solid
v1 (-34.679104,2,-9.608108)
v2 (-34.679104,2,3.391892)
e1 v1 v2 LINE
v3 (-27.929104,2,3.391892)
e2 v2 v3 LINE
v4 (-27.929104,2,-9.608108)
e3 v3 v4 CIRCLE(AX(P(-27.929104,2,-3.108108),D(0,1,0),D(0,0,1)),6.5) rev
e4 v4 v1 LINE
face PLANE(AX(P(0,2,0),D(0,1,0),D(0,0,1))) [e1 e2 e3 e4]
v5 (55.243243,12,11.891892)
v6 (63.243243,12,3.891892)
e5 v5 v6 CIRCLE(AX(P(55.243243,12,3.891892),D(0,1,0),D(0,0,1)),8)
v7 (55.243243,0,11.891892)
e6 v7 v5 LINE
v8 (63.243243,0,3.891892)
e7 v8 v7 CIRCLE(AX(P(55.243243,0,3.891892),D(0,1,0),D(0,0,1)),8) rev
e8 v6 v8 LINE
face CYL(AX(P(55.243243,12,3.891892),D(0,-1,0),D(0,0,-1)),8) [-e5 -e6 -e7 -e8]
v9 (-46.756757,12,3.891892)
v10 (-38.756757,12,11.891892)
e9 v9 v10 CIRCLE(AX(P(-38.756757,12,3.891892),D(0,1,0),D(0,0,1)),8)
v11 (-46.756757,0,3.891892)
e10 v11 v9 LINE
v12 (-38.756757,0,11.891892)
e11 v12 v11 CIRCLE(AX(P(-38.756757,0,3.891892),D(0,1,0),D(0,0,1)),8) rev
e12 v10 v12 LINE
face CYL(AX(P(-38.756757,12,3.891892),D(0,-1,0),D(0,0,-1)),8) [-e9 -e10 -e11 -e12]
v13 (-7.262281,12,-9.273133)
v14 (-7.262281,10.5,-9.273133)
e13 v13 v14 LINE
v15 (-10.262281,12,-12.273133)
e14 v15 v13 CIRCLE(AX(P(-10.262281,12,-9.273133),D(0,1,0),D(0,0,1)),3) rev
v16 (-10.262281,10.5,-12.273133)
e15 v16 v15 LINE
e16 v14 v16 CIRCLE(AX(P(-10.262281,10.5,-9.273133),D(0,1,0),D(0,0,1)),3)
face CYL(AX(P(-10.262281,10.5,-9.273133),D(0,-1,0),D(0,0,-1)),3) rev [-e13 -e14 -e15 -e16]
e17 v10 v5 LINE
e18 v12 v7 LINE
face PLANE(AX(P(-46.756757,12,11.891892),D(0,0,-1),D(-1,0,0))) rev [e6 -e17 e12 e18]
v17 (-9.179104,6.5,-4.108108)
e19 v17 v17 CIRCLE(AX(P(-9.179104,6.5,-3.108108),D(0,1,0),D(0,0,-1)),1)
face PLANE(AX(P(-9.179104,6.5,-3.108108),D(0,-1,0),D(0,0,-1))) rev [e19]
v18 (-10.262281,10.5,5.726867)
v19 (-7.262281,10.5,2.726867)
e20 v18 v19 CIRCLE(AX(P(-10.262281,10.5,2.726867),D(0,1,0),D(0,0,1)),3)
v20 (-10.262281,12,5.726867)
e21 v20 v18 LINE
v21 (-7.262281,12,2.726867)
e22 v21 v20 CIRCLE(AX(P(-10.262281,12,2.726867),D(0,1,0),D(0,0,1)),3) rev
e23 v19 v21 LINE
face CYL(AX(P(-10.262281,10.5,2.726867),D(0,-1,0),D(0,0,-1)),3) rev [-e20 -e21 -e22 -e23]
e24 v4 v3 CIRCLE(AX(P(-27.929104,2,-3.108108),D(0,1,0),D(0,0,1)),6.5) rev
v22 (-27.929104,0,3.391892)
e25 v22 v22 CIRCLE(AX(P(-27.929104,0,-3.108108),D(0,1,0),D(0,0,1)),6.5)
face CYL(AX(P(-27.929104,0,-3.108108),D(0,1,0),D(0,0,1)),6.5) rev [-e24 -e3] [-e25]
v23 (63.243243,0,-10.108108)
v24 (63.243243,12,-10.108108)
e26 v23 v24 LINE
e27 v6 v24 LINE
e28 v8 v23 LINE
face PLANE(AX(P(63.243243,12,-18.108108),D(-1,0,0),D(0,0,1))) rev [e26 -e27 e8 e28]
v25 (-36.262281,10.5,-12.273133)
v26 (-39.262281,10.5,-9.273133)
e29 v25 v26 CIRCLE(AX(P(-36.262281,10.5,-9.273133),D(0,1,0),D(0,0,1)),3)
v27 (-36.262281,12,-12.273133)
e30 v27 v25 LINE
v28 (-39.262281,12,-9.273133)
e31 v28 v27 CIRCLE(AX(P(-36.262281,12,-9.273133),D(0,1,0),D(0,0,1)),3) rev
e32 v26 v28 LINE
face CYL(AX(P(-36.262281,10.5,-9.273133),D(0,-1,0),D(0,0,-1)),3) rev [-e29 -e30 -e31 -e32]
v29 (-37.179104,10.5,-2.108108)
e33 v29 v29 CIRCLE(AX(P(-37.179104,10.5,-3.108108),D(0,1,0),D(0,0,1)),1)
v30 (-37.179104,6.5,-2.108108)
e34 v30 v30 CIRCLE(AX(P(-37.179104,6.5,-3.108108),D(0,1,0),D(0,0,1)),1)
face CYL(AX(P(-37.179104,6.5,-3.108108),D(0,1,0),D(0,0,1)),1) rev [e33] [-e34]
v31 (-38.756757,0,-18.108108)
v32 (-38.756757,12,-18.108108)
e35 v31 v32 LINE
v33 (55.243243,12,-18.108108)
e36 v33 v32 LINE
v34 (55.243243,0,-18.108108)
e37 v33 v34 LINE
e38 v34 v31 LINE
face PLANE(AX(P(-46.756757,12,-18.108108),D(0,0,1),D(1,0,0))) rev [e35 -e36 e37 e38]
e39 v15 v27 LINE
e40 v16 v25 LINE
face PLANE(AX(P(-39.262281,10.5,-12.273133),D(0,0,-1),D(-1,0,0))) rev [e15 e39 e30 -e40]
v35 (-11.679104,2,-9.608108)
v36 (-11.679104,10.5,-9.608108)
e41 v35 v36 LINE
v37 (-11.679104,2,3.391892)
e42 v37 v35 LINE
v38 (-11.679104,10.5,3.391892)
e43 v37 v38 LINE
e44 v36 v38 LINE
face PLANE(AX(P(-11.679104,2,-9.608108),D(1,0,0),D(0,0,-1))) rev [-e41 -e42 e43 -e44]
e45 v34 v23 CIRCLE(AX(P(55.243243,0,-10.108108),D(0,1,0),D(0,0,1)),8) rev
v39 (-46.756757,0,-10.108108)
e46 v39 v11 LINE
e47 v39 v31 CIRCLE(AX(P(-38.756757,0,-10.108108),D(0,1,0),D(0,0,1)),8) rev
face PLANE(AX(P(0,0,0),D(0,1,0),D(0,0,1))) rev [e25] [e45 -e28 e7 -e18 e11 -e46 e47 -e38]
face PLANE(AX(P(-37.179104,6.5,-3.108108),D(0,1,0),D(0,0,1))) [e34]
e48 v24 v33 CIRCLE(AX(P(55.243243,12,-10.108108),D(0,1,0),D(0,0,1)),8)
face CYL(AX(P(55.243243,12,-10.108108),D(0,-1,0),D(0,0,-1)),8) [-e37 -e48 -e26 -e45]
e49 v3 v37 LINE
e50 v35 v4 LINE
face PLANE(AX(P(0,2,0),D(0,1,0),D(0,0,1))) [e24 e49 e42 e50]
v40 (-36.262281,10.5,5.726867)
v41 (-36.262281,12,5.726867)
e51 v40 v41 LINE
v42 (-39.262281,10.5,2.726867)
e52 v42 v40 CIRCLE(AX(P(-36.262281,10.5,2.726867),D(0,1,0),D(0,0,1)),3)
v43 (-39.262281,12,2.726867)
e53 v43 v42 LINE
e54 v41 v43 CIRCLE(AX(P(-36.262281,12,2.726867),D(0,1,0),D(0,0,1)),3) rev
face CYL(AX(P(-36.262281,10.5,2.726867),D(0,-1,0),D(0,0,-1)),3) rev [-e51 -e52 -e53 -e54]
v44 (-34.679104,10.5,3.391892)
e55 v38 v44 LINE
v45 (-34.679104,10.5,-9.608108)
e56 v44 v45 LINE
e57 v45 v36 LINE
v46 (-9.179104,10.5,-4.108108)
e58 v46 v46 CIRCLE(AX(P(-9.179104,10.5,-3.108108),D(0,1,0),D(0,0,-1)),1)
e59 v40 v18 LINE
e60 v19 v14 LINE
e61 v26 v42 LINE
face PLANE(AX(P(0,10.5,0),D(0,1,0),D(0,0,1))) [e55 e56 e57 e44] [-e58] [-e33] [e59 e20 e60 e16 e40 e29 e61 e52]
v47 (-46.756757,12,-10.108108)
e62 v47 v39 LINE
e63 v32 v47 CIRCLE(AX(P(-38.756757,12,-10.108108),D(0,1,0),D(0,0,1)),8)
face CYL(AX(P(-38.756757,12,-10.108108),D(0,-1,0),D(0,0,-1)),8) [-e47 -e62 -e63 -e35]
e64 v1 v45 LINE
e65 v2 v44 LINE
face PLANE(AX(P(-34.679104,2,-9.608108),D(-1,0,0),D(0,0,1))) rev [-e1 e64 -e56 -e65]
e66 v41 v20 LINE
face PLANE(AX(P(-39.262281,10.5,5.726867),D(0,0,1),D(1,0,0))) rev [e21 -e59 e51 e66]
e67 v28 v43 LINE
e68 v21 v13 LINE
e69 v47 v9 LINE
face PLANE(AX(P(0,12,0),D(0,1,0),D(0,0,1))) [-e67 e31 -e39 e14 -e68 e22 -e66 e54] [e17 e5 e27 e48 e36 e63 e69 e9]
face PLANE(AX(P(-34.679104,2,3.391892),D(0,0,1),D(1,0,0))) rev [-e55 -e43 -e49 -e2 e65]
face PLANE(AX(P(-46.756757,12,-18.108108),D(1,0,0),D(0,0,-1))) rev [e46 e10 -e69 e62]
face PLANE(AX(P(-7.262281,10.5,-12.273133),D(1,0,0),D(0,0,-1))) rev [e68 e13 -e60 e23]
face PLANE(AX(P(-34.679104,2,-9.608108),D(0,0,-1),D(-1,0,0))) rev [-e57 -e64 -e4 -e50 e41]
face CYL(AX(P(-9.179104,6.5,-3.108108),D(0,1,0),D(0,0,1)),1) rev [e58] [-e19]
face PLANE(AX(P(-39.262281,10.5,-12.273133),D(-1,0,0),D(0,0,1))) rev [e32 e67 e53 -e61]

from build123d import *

# Parameters (mm, degrees)
SKETCH1_W           = 110
SKETCH1_H           = 30
BOSS_EXTRUDE1_DEPTH = 12
FILLET2_R           = 8
SKETCH4_R           = 6.5
CUT_EXTRUDE1_DEPTH  = 67.870108383
SKETCH3_W           = 23
SKETCH3_H           = 13
CUT_EXTRUDE2_DEPTH  = 10
SKETCH5_W           = 32
SKETCH5_H           = 18
CUT_EXTRUDE3_DEPTH  = 1.5
FILLET4_R           = 3
SKETCH6_R           = 1
CUT_EXTRUDE4_DEPTH  = 4


with BuildPart() as part:
    # Sketch1 → Boss-Extrude1 (new body)
    with BuildSketch(Plane(origin=(0, 0, 0), x_dir=(1, 0, 0), z_dir=(0, 1, 0))):
        with Locations((8.243243243, 3.108108108)):
            Rectangle(SKETCH1_W, SKETCH1_H)
    extrude(amount=BOSS_EXTRUDE1_DEPTH)

    # Fillet2
    fillet2_edges = [part.edges().sort_by_distance(p)[0] for p in [
        (-46.756756757, 6, -18.108108108),
        (63.243243243, 6, -18.108108108),
        (63.243243243, 6, 11.891891892),
        (-46.756756757, 6, 11.891891892),
    ]]
    fillet(fillet2_edges, radius=FILLET2_R)

    # Sketch4 → Cut-Extrude1 (cut, through all)
    with BuildSketch(Plane(origin=(0, 12, 0), x_dir=(1, 0, 0), z_dir=(0, 1, 0))):
        with Locations(Location((-27.929103529, 3.108108108, 0), (0, 0, 270))):
            Circle(SKETCH4_R)
    extrude(amount=-CUT_EXTRUDE1_DEPTH, mode=Mode.SUBTRACT)

    # Sketch3 → Cut-Extrude2 (cut)
    with BuildSketch(Plane(origin=(0, 12, 0), x_dir=(1, 0, 0), z_dir=(0, 1, 0))):
        with Locations((-23.179103529, 3.108108108)):
            Rectangle(SKETCH3_W, SKETCH3_H)
    extrude(amount=-CUT_EXTRUDE2_DEPTH, mode=Mode.SUBTRACT)

    # Sketch5 → Cut-Extrude3 (cut)
    with BuildSketch(Plane(origin=(0, 12, 0), x_dir=(1, 0, 0), z_dir=(0, 1, 0))):
        with Locations((-23.262280593, 3.273133416)):
            Rectangle(SKETCH5_W, SKETCH5_H)
    extrude(amount=-CUT_EXTRUDE3_DEPTH, mode=Mode.SUBTRACT)

    # Fillet4
    fillet4_edges = [part.edges().sort_by_distance(p)[0] for p in [
        (-39.262280593, 11.25, 5.726866584),
        (-39.262280593, 11.25, -12.273133416),
        (-7.262280593, 11.25, -12.273133416),
        (-7.262280593, 11.25, 5.726866584),
    ]]
    fillet(fillet4_edges, radius=FILLET4_R)

    # Sketch6 → Cut-Extrude4 (cut)
    with BuildSketch(Plane(origin=(0, 10.5, 0), x_dir=(1, 0, 0), z_dir=(0, 1, 0))):
        with Locations(Location((-37.179103529, 3.108108108, 0), (0, 0, 270))):
            Circle(SKETCH6_R)
        with Locations(Location((-9.179103529, 3.108108108, 0), (0, 0, 90))):
            Circle(SKETCH6_R)
    extrude(amount=-CUT_EXTRUDE4_DEPTH, mode=Mode.SUBTRACT)


solid = part.part
